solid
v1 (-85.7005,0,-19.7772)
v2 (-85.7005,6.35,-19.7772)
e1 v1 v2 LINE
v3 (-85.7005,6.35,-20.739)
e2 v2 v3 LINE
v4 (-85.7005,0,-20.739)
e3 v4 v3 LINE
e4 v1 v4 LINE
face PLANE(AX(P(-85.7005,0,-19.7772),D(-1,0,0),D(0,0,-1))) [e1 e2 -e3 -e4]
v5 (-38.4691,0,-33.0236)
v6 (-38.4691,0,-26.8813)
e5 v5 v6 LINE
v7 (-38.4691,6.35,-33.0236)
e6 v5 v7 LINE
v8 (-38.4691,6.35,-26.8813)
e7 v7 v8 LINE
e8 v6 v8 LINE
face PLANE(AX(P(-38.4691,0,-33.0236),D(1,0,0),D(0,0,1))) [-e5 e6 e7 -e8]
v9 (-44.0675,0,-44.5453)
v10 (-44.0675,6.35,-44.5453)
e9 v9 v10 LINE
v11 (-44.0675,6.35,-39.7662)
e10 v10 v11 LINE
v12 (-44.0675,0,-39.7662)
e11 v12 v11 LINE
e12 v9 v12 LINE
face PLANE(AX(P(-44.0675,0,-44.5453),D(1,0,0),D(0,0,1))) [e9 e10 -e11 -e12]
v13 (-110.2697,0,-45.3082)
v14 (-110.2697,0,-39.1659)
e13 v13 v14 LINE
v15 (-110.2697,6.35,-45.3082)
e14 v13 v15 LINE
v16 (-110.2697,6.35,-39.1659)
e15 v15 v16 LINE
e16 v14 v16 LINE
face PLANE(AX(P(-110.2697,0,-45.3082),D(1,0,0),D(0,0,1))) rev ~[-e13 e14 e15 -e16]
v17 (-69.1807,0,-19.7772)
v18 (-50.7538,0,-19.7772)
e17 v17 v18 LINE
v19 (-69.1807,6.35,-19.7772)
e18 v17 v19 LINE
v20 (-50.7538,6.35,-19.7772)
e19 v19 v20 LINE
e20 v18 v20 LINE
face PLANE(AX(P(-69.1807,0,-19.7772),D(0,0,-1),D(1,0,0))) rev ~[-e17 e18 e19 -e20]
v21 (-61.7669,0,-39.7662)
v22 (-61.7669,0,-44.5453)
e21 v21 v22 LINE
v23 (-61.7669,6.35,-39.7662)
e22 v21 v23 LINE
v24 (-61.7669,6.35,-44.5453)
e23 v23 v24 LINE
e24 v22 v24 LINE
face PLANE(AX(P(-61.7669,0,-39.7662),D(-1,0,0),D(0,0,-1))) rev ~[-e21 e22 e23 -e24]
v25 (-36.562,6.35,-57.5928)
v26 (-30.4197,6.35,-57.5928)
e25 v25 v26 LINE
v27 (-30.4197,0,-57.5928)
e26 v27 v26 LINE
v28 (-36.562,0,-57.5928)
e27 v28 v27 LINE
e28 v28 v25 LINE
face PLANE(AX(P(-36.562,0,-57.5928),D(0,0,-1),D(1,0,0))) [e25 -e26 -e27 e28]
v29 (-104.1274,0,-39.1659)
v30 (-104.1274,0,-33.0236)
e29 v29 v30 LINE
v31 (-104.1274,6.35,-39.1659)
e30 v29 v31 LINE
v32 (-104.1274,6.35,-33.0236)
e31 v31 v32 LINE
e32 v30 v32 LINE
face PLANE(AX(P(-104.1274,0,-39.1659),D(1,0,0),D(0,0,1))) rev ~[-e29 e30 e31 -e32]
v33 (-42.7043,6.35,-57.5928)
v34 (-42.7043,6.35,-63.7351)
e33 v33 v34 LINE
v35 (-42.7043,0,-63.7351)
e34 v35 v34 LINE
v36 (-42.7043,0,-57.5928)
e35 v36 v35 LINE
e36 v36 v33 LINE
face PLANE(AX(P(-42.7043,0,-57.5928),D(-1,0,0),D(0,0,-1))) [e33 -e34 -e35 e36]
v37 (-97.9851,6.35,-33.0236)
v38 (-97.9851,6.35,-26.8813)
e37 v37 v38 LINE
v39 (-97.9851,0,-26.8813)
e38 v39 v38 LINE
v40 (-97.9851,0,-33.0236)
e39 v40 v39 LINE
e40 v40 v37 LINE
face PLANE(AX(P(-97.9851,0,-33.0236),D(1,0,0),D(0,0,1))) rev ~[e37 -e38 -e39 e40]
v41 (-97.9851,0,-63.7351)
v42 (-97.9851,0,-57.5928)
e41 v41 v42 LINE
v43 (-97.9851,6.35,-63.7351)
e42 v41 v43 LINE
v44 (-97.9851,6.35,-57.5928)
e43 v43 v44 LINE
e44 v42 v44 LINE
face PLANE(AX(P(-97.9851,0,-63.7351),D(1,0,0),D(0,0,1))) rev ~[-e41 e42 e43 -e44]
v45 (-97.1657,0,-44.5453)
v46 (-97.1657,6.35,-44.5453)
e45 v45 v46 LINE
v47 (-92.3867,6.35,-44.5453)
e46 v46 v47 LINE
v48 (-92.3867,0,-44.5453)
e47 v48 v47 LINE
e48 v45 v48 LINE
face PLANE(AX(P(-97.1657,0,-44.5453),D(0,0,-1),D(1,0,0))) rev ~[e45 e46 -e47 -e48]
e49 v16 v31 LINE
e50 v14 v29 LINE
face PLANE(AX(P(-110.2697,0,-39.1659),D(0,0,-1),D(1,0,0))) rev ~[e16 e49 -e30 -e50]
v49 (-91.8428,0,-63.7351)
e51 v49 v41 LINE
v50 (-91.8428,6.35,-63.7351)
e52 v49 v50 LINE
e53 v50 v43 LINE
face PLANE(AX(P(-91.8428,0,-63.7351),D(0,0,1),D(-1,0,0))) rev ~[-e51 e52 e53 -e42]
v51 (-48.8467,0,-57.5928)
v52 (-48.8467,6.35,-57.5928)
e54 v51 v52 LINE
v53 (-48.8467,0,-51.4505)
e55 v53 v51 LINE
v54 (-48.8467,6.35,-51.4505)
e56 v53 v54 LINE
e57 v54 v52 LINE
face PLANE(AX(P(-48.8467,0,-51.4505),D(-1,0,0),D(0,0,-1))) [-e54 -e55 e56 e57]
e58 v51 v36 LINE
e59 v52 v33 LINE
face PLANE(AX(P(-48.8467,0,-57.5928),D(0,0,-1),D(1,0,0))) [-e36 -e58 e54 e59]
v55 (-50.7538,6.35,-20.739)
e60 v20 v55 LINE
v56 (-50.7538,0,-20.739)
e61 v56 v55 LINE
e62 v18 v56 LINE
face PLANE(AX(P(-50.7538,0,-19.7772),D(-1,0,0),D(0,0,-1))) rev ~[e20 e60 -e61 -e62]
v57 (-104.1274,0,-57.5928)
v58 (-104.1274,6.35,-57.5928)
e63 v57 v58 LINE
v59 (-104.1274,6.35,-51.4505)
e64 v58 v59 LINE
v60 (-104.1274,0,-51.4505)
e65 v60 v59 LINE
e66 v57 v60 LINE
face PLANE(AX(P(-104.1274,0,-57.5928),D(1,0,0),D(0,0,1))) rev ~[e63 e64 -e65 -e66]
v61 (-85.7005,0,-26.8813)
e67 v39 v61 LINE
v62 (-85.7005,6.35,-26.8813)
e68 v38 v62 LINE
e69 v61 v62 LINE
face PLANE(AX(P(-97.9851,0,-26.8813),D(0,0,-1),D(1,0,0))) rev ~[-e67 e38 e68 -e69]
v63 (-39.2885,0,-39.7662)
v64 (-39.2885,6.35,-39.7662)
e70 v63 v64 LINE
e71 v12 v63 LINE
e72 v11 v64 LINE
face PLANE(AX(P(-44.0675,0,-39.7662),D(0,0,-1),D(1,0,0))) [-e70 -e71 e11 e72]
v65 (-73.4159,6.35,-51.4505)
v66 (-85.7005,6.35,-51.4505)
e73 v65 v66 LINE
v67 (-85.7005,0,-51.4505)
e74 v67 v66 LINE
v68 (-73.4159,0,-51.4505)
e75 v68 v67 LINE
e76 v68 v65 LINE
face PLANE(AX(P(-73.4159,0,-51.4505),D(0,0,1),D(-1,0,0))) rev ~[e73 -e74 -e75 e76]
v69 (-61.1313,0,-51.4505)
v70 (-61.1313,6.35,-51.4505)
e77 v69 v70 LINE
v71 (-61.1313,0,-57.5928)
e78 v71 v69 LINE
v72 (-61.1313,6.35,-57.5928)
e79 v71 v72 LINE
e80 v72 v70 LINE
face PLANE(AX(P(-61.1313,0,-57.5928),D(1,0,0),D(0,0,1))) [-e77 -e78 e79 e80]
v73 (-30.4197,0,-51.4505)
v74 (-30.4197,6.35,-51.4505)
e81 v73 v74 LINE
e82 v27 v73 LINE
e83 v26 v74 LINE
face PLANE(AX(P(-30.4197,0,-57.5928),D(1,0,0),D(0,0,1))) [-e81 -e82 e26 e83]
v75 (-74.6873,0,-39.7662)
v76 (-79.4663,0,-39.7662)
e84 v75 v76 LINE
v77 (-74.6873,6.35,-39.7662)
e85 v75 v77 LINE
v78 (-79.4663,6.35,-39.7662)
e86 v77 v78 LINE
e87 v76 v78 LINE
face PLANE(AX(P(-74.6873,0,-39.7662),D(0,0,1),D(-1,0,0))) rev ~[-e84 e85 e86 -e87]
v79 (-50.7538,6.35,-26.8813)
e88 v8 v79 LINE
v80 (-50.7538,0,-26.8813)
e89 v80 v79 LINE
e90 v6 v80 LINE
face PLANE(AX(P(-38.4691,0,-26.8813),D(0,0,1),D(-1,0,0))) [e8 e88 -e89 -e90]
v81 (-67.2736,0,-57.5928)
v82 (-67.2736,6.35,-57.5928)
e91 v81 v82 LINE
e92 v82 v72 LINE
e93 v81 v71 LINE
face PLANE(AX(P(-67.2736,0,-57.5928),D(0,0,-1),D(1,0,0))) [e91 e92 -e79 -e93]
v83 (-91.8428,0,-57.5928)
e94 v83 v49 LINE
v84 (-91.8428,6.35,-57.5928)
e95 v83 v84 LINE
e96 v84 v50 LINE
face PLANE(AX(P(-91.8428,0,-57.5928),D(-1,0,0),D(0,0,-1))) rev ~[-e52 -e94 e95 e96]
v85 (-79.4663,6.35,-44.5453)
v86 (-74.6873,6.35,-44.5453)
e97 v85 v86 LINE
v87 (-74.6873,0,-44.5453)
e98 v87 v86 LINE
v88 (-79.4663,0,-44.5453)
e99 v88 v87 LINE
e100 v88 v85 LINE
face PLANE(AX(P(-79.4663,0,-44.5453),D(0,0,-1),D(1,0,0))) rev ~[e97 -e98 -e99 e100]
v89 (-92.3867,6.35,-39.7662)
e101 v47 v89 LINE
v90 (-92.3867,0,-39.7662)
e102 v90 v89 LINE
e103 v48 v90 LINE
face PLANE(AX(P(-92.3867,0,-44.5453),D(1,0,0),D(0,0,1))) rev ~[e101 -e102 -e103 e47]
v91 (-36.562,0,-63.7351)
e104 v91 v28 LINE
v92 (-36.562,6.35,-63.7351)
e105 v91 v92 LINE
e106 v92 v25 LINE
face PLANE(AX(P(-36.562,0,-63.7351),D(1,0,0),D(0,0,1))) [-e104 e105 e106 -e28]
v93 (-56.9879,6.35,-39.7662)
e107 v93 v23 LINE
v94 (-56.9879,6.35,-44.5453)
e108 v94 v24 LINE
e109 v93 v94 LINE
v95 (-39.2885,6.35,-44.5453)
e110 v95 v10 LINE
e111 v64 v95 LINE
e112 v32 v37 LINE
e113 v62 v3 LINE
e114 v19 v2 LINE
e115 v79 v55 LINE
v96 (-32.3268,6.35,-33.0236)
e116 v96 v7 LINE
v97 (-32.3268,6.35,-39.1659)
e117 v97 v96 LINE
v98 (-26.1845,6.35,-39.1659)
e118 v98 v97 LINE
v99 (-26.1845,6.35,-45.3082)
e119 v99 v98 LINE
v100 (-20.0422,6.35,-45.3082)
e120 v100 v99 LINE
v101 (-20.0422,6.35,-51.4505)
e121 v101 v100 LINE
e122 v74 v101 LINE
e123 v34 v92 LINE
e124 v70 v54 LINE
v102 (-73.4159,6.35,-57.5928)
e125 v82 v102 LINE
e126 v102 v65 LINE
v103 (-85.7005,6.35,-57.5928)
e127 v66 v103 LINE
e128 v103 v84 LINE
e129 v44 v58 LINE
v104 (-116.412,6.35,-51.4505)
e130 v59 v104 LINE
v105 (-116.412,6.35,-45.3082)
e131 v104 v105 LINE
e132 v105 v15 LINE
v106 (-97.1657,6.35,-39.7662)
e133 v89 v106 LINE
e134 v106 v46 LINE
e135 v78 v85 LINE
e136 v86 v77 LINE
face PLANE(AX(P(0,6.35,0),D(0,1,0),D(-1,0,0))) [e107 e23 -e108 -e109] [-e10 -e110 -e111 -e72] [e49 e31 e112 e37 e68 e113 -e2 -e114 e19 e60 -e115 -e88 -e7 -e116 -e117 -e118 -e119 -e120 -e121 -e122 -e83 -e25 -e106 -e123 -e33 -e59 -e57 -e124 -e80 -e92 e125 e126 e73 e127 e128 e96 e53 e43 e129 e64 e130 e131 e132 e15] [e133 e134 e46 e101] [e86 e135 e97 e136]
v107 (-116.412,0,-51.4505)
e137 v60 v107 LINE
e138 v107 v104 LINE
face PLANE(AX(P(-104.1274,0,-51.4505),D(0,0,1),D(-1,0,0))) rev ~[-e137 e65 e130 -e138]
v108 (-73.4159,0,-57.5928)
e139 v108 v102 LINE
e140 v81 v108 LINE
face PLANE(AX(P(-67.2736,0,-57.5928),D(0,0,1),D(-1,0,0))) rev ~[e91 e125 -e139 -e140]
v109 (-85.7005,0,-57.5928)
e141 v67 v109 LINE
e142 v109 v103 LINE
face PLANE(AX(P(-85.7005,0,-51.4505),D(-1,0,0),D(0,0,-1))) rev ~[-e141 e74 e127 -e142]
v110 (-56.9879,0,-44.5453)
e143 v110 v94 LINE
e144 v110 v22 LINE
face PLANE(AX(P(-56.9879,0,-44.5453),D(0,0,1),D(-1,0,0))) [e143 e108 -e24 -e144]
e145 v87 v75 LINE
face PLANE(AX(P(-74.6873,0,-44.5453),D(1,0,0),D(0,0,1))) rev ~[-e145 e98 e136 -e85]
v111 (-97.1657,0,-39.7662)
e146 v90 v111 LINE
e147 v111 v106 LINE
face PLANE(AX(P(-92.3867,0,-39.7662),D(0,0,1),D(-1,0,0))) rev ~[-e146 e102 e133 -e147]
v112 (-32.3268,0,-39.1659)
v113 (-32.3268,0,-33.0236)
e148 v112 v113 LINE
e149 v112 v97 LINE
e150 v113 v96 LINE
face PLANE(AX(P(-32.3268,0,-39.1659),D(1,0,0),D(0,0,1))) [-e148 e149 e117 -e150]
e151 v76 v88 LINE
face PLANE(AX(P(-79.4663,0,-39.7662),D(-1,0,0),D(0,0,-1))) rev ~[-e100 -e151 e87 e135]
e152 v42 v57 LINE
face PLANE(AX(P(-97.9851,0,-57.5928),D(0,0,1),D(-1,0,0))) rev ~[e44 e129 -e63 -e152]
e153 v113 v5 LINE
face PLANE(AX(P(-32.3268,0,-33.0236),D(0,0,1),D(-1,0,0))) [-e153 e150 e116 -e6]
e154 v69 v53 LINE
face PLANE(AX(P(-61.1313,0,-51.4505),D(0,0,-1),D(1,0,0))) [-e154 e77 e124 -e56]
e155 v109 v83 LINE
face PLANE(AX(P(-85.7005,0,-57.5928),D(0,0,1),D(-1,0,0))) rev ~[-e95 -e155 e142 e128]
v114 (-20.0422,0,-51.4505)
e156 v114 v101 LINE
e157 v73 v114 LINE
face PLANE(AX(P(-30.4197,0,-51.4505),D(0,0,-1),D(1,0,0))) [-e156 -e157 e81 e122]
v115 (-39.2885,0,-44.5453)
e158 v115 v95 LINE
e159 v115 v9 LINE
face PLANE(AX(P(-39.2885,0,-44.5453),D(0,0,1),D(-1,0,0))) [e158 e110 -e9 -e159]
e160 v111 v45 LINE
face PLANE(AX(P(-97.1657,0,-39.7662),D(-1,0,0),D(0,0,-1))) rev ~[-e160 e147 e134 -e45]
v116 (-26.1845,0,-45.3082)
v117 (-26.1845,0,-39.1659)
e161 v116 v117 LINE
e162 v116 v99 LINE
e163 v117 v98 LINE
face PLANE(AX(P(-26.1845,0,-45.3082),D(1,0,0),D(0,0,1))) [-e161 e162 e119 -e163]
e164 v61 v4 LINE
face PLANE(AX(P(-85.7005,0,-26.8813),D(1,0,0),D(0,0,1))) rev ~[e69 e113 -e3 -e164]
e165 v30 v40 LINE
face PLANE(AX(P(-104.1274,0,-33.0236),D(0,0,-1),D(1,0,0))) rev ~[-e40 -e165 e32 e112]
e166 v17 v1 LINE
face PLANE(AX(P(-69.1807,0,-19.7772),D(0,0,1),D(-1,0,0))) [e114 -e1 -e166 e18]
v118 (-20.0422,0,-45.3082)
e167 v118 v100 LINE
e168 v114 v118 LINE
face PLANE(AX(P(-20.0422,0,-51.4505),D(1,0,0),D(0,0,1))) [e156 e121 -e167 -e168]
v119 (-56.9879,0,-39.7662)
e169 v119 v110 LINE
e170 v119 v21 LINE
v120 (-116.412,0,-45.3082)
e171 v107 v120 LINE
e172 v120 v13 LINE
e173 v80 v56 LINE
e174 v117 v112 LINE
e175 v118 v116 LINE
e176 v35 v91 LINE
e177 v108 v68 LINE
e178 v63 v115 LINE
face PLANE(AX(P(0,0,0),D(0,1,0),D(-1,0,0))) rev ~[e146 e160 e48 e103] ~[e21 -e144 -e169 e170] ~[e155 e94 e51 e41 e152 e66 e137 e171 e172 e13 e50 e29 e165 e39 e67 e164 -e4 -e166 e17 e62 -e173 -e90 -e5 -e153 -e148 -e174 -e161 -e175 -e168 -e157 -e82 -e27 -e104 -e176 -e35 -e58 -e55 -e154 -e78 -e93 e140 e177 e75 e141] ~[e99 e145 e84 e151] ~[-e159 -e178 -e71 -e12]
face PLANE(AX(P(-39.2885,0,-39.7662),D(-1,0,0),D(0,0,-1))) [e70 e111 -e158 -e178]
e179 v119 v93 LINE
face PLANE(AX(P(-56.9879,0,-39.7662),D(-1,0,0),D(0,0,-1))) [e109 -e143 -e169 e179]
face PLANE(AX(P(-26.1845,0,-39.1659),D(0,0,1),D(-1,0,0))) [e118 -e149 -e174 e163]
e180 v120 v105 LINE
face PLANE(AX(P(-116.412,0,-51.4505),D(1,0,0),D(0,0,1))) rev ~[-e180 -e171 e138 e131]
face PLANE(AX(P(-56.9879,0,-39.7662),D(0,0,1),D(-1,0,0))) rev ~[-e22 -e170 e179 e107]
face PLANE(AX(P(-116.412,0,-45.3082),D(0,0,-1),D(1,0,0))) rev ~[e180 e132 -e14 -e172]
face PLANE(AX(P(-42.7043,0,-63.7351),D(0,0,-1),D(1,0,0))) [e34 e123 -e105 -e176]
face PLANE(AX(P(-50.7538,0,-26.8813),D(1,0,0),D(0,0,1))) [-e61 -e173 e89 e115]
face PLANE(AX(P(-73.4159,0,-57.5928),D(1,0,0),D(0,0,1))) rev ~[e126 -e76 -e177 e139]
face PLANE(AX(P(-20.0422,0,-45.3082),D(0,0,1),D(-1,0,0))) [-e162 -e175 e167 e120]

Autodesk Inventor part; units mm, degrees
ref_plane "YZ Plane" through (0, 0, 0) normal (1, 0, 0) x (0, 1, 0)
ref_plane "XZ Plane" through (0, 0, 0) normal (0, 1, 0) x (-1, 0, 0)
ref_plane "XY Plane" through (0, 0, 0) normal (0, 0, 1) x (1, 0, 0)
sketch "Sketch1" plane through (0, 0, 0) normal (0, 1, 0) x (-1, 0, 0)
  line L0 (0, 0) -> (326.2264, 0) construction
  line L1 (326.2264, 0) -> (326.2264, -146.0251) construction
  line L2 (326.2264, -146.0251) -> (0, -146.0251) construction
  line L3 (0, -146.0251) -> (0, 0) construction
  line L4 (67.2736, -57.5928) -> (73.4159, -57.5928)
  line L5 (73.4159, -57.5928) -> (73.4159, -51.4505)
  line L6 (73.4159, -51.4505) -> (85.7005, -51.4505)
  line L7 (85.7005, -51.4505) -> (85.7005, -57.5928)
  line L8 (85.7005, -57.5928) -> (91.8428, -57.5928)
  line L9 (91.8428, -57.5928) -> (91.8428, -63.7351)
  line L10 (91.8428, -63.7351) -> (97.9851, -63.7351)
  line L11 (97.9851, -63.7351) -> (97.9851, -57.5928)
  line L12 (97.9851, -57.5928) -> (104.1274, -57.5928)
  line L13 (104.1274, -57.5928) -> (104.1274, -51.4505)
  line L14 (104.1274, -51.4505) -> (116.412, -51.4505)
  line L15 (116.412, -51.4505) -> (116.412, -45.3082)
  line L16 (116.412, -45.3082) -> (110.2697, -45.3082)
  line L17 (110.2697, -45.3082) -> (110.2697, -39.1659)
  line L18 (110.2697, -39.1659) -> (104.1274, -39.1659)
  line L19 (104.1274, -39.1659) -> (104.1274, -33.0236)
  line L20 (104.1274, -33.0236) -> (97.9851, -33.0236)
  line L21 (97.9851, -33.0236) -> (97.9851, -26.8813)
  line L22 (97.9851, -26.8813) -> (85.7005, -26.8813)
  line L23 (85.7005, -26.8813) -> (85.7005, -20.739)
  line L24 (69.1807, -19.7772) -> (85.7005, -19.7772)
  line L25 (85.7005, -19.7772) -> (85.7005, -20.739)
  line L26 (67.2736, -57.5928) -> (61.1313, -57.5928)
  line L27 (61.1313, -57.5928) -> (61.1313, -51.4505)
  line L28 (61.1313, -51.4505) -> (48.8467, -51.4505)
  line L29 (48.8467, -51.4505) -> (48.8467, -57.5928)
  line L30 (48.8467, -57.5928) -> (42.7043, -57.5928)
  line L31 (42.7043, -57.5928) -> (42.7043, -63.7351)
  line L32 (42.7043, -63.7351) -> (36.562, -63.7351)
  line L33 (36.562, -63.7351) -> (36.562, -57.5928)
  line L34 (36.562, -57.5928) -> (30.4197, -57.5928)
  line L35 (30.4197, -57.5928) -> (30.4197, -51.4505)
  line L36 (30.4197, -51.4505) -> (20.0422, -51.4505)
  line L37 (20.0422, -51.4505) -> (20.0422, -45.3082)
  line L38 (20.0422, -45.3082) -> (26.1845, -45.3082)
  line L39 (26.1845, -45.3082) -> (26.1845, -39.1659)
  line L40 (26.1845, -39.1659) -> (32.3268, -39.1659)
  line L41 (32.3268, -39.1659) -> (32.3268, -33.0236)
  line L42 (32.3268, -33.0236) -> (38.4691, -33.0236)
  line L43 (38.4691, -33.0236) -> (38.4691, -26.8813)
  line L44 (38.4691, -26.8813) -> (50.7538, -26.8813)
  line L45 (50.7538, -26.8813) -> (50.7538, -20.739)
  line L46 (69.1807, -19.7772) -> (50.7538, -19.7772)
  line L47 (50.7538, -19.7772) -> (50.7538, -20.739)
  line L48 (39.2885, -39.7662) -> (39.2885, -44.5453)
  line L49 (39.2885, -44.5453) -> (44.0675, -44.5453)
  line L50 (44.0675, -44.5453) -> (44.0675, -39.7662)
  line L51 (44.0675, -39.7662) -> (39.2885, -39.7662)
  line L52 (56.9879, -39.7662) -> (56.9879, -44.5453)
  line L53 (56.9879, -44.5453) -> (61.7669, -44.5453)
  line L54 (56.9879, -39.7662) -> (61.7669, -39.7662)
  line L55 (61.7669, -39.7662) -> (61.7669, -44.5453)
  line L56 (74.6873, -39.7662) -> (79.4663, -39.7662)
  line L57 (79.4663, -39.7662) -> (79.4663, -44.5453)
  line L58 (79.4663, -44.5453) -> (74.6873, -44.5453)
  line L59 (74.6873, -44.5453) -> (74.6873, -39.7662)
  line L60 (92.3867, -39.7662) -> (97.1657, -39.7662)
  line L61 (97.1657, -39.7662) -> (97.1657, -44.5453)
  line L62 (97.1657, -44.5453) -> (92.3867, -44.5453)
  line L63 (92.3867, -44.5453) -> (92.3867, -39.7662)
  dimension "d3" = 6.1423
  dimension "d6" = 6.1423
  dimension "d7" = 6.1423
  dimension "d8" = 6.1423
  dimension "d9" = 6.1423
  dimension "d10" = 6.1423
  dimension "d11" = 6.1423
  dimension "d12" = 6.1423
  dimension "d13" = 12.2846
  dimension "d14" = 12.2846
  dimension "d15" = 6.1423
  dimension "d16" = 6.1423
  dimension "d17" = 6.1423
  dimension "d18" = 6.1423
  dimension "d19" = 6.1423
  dimension "d20" = 12.2846
  dimension "d21" = 6.1423
  dimension "d22" = 6.1423
  dimension "d23" = 6.1423
  dimension "d29" = 12.9204
  dimension "d30" = 12.9204
  dimension "d31" = 13.104
  dimension "d32" = 13.104
  dimension "d33" = 12.9204
  dimension "d34" = 4.779
  dimension "d35" = 4.779
  dimension "d36" = 4.779
  dimension "d37" = 4.779
  dimension "d38" = 4.779
  dimension "d39" = 4.779
  dimension "d40" = 4.779
extrude "Extrusion1" add sketch "Sketch1" along normal blind 6.35
equation "\"d6\" = d3"
equation "\"d7\" = d6"
equation "\"d8\" = d3"
equation "\"d9\" = d7"
equation "\"d10\" = d7"
equation "\"d11\" = d10"
equation "\"d12\" = d6"
equation "\"d13\" = 2 * d3"
equation "\"d14\" = d13"
equation "\"d15\" = d6"
equation "\"d16\" = d11"
equation "\"d17\" = d16"
equation "\"d18\" = d17"
equation "\"d19\" = d17"
equation "\"d20\" = d13"
equation "\"d23\" = 0.5 * d13"
equation "\"d30\" = d29"
equation "\"d32\" = d31"
equation "\"d33\" = d30"
equation "\"d35\" = d34"
equation "\"d37\" = d35"
equation "\"d38\" = d36"
equation "\"d40\" = d38"
properties part number "Monster1"
